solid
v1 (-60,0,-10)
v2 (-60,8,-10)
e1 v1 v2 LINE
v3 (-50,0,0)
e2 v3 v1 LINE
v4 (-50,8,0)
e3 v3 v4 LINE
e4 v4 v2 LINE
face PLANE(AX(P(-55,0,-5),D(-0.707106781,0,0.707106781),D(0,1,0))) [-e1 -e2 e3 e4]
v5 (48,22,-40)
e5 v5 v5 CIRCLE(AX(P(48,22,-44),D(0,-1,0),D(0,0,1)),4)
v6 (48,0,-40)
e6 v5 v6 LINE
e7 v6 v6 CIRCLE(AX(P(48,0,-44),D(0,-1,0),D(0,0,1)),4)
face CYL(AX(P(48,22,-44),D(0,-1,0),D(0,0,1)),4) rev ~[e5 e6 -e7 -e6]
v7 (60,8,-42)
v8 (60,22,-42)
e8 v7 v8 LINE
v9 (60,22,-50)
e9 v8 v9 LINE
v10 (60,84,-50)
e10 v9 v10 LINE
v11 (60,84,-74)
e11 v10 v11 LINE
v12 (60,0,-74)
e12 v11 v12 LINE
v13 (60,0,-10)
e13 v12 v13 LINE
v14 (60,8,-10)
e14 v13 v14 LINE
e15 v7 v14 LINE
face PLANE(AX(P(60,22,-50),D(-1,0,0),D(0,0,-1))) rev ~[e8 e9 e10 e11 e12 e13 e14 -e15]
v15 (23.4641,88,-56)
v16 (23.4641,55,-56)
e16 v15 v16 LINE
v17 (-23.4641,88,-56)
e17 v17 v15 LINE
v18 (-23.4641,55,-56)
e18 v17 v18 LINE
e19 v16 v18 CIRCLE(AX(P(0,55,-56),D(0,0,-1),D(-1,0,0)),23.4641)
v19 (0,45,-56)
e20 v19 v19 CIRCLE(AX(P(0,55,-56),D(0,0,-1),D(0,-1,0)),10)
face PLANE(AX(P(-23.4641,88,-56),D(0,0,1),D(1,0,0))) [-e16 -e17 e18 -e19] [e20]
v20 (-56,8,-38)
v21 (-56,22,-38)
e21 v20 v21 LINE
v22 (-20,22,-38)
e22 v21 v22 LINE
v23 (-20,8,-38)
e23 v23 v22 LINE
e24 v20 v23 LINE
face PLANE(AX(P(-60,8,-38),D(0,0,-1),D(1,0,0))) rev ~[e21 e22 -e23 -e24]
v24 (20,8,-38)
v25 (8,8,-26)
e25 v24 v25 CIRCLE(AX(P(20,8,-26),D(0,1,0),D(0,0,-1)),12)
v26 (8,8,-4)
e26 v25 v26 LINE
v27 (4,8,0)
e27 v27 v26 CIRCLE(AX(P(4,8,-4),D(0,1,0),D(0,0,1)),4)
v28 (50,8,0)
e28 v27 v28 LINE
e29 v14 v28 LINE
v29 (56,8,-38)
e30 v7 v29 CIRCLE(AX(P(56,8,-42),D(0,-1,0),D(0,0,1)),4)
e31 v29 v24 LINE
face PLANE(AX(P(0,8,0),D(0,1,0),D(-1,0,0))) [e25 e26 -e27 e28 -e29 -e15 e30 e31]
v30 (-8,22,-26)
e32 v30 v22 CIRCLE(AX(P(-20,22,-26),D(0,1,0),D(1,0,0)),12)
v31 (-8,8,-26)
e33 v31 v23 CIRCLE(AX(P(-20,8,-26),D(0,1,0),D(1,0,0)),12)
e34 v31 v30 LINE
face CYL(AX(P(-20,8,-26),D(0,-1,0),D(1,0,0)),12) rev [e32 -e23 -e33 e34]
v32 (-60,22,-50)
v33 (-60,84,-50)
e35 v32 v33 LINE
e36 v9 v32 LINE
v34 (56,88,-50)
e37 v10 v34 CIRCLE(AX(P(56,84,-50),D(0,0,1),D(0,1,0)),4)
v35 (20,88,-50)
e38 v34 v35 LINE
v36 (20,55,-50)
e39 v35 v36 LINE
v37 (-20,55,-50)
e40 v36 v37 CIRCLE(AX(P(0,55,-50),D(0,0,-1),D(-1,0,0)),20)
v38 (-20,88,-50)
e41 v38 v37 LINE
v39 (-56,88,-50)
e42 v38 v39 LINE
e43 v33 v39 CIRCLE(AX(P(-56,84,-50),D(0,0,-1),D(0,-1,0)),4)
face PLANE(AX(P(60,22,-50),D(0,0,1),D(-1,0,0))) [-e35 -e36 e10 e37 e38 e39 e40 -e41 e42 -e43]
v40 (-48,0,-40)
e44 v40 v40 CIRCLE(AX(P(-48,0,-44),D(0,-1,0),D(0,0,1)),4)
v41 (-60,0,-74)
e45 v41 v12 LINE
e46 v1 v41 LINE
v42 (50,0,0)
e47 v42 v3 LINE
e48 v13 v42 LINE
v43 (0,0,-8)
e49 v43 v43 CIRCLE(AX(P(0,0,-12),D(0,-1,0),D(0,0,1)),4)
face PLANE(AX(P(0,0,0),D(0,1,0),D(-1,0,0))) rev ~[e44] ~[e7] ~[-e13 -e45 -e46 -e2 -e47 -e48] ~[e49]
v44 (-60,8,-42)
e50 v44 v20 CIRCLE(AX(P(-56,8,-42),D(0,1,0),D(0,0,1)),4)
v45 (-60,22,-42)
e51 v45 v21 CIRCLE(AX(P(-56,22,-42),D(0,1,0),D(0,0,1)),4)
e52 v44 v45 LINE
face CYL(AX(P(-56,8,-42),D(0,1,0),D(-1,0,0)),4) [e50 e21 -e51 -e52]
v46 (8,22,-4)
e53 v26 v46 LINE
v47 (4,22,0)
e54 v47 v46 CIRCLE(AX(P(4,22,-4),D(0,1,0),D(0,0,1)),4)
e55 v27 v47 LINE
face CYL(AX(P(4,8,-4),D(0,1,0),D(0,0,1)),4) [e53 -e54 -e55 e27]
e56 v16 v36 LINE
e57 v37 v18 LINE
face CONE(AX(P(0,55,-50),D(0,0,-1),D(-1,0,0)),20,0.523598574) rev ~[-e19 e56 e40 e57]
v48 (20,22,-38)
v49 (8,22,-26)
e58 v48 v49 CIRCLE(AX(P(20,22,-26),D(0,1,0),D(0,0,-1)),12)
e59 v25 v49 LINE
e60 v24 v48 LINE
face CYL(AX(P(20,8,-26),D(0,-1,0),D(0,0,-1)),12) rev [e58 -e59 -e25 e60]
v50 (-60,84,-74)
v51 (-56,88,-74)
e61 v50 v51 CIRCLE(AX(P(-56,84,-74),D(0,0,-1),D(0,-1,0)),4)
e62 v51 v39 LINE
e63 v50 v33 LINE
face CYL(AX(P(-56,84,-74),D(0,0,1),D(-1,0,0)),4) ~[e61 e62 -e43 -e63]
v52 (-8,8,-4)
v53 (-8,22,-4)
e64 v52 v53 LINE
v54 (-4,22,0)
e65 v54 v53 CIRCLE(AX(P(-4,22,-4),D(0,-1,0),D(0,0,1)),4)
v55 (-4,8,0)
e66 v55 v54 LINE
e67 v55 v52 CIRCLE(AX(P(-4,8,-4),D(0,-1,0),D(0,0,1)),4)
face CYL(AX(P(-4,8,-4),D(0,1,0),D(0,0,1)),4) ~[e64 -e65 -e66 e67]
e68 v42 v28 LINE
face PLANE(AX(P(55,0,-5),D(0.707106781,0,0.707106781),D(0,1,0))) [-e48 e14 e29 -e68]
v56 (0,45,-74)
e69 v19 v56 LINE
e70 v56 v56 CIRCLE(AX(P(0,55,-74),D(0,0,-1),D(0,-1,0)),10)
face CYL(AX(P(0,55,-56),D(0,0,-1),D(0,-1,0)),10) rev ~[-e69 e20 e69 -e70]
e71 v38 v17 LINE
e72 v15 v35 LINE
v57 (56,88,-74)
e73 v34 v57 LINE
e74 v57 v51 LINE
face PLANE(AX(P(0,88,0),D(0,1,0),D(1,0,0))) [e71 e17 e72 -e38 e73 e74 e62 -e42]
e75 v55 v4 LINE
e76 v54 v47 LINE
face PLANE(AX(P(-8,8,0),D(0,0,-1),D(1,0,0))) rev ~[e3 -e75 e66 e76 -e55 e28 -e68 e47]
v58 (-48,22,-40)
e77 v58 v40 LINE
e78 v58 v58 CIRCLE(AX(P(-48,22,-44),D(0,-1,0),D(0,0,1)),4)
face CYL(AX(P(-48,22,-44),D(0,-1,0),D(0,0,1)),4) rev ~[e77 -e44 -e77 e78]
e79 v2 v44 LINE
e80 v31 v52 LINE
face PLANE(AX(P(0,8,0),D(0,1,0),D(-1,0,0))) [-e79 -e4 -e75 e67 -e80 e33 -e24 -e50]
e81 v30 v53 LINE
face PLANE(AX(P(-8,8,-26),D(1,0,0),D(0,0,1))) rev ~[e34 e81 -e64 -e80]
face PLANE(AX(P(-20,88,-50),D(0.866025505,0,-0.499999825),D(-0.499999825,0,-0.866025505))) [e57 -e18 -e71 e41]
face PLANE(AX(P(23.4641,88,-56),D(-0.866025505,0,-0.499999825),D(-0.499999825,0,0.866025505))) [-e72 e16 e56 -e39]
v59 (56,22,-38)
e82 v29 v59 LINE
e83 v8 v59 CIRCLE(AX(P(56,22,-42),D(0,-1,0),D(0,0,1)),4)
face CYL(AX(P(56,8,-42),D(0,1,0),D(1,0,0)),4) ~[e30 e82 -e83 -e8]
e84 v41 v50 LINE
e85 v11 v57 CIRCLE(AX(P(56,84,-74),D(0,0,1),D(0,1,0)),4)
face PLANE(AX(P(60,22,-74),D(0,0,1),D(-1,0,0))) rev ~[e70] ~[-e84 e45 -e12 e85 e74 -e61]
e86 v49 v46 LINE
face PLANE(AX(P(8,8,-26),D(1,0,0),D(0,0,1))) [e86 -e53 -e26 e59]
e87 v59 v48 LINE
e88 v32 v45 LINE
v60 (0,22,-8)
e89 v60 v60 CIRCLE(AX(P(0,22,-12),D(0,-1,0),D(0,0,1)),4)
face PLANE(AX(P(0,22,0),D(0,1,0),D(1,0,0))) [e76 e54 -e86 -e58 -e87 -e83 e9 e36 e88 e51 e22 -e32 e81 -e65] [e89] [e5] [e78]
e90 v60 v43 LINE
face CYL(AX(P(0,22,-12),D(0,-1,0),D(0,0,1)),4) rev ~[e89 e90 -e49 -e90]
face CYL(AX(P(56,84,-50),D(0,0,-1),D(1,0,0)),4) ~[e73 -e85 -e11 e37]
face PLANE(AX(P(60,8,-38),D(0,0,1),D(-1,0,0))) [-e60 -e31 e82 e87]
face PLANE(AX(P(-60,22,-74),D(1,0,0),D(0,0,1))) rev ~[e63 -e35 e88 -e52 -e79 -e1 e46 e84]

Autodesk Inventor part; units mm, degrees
ref_plane "YZ Plane" through (0, 0, 0) normal (1, 0, 0) x (0, 1, 0)
ref_plane "XZ Plane" through (0, 0, 0) normal (0, 1, 0) x (-1, 0, 0)
ref_plane "XY Plane" through (0, 0, 0) normal (0, 0, 1) x (1, 0, 0)
sketch "Sketch1" plane through (0, 0, 0) normal (0, 1, 0) x (-1, 0, 0)
  line L0 (60, -74) -> (-60, -74)
  line L1 (-60, -74) -> (-60, 0)
  line L2 (-60, 0) -> (60, 0)
  line L3 (60, 0) -> (60, -74)
  point P0 (0, 0)
  point P1 (0, 0)
  dimension "d0" = 120
  dimension "d1" = 74
extrude "Extrusion1" add sketch "Sketch1" along normal blind 8
chamfer "Chamfer1" distance 10 angle 45 2 edges at (60, 4, 0) (-60, 4, 0)
sketch "Sketch2" plane through (0, 8, 0) normal (0, 1, 0) x (1, 0, 0)
  line L0 (-50, 0) -> (-60, 10) projected
  line L1 (-50, 0) -> (50, 0) projected
  line L2 (60, 10) -> (60, 74) projected
  line L3 (60, 74) -> (-60, 74) projected
  line L4 (-60, 74) -> (-60, 10) projected
  line L5 (-60, 38) -> (-20, 38)
  line L6 (-8, 26) -> (-8, 0)
  line L7 (-8, 0) -> (-50, 0)
  line L8 (-60, 10) -> (-60, 38)
  arc A0 (-8, 26) -> (-20, 38) centre (-20, 26) ccw
  line L9 (0, 88.8) -> (0, -14.8) construction
  line L10 (50, 0) -> (60, 10)
  line L11 (60, 38) -> (20, 38)
  line L12 (8, 26) -> (8, 0)
  line L13 (8, 0) -> (50, 0)
  line L14 (60, 10) -> (60, 38)
  arc A1 (20, 38) -> (8, 26) centre (20, 26) ccw
  point P0 (0, 0)
  point P1 (8, 0)
  dimension "d7" = 12
  dimension "d8" = 38
  dimension "d9" = 16
extrude "Extrusion2" add sketch "Sketch2" along normal blind 14 contours L6 A0 L5 L4 L3 L2 L11 A1 L12 L1
sketch "Sketch3" plane through (0, 22, 0) normal (0, 1, 0) x (1, 0, 0)
  line L0 (-60, 74) -> (-60, 38) projected
  line L1 (60, 38) -> (60, 74) projected
  line L2 (60, 74) -> (-60, 74) projected
  line L3 (-60, 74) -> (-60, 10) projected
  line L4 (-60, 74) -> (60, 74)
  line L5 (60, 74) -> (60, 50)
  line L6 (60, 50) -> (-60, 50)
  line L7 (-60, 50) -> (-60, 74)
  point P0 (0, 0)
  point P1 (-60, 50)
  dimension "d12" = 24
extrude "Extrusion3" add sketch "Sketch3" along normal blind 66
fillet "Fillet1" radius 4 6 edges at (60, 88, -62) (-60, 88, -62) (-60, 15, -38) (-8, 15, 0) (8, 15, 0) (60, 15, -38)
sketch "Sketch4" plane through (0, 88, 0) normal (0, 1, 0) x (1, 0, 0)
  line L0 (-56, 50) -> (56, 50) projected
  line L1 (-20, 50) -> (-23.4641, 56)
  line L2 (-23.4641, 56) -> (23.4641, 56)
  line L3 (60, 50) -> (-60, 50) projected
  line L4 (23.4641, 56) -> (20, 50)
  line L5 (0, 88.8) -> (0, -14.8) construction
  point P0 (0, 0)
  dimension "d16" = 60
  dimension "d17" = 40
  dimension "d18" = 6
extrude "Extrusion4" cut sketch "Sketch4" against normal blind 33
sketch "Sketch5" plane through (0, 55, 0) normal (0, 1, 0) x (1, 0, 0)
  line L0 (-20, 50) -> (-23.4641, 56) projected
  line L1 (20, 50) -> (-20, 50) projected
  line L2 (-23.4641, 56) -> (23.4641, 56) projected
  line L3 (-20, 50) -> (0, 50)
  line L4 (60, 50) -> (-60, 50) projected
  line L5 (0, 50) -> (0, 56)
  line L6 (0, 56) -> (-23.4641, 56)
  point P0 (0, 0)
revolve "Revolution1" cut sketch "Sketch5" angle 360 about axis through (0, 55, -50) along (0, 0, -1)
sketch "Sketch6" plane through (-23.4641, 88, -56) normal (0, 0, 1) x (1, 0, 0)
  arc A0 (3.4641, -33) -> (43.4641, -33) centre (23.4641, -33) ccw projected
  point P0 (23.4641, -88)
hole "Hole1" at (0, 55, -56) direction (0, 0, -1) diameter 20 end through all
sketch "Sketch7" plane through (0, 22, 0) normal (0, 1, 0) x (1, 0, 0)
  line L0 (-4, 0) -> (4, 0) projected
  line L1 (-50, 0) -> (-4, 0) projected
  line L2 (0, 88.9657) -> (0, -15.7941) construction
  point P0 (0, 0)
  point P1 (-48, 44)
  point P2 (48, 44)
  point P3 (0, 12)
  point P4 (0, 0)
  dimension "d29" = 44
  dimension "d30" = 96
  dimension "d31" = 12
hole "Hole2" at (-48, 22, -44) at (48, 22, -44) at (0, 22, -12) direction (0, -1, 0) diameter 8 end through all
properties part number "Part019. Corner block" material "Steel, Carbon"
